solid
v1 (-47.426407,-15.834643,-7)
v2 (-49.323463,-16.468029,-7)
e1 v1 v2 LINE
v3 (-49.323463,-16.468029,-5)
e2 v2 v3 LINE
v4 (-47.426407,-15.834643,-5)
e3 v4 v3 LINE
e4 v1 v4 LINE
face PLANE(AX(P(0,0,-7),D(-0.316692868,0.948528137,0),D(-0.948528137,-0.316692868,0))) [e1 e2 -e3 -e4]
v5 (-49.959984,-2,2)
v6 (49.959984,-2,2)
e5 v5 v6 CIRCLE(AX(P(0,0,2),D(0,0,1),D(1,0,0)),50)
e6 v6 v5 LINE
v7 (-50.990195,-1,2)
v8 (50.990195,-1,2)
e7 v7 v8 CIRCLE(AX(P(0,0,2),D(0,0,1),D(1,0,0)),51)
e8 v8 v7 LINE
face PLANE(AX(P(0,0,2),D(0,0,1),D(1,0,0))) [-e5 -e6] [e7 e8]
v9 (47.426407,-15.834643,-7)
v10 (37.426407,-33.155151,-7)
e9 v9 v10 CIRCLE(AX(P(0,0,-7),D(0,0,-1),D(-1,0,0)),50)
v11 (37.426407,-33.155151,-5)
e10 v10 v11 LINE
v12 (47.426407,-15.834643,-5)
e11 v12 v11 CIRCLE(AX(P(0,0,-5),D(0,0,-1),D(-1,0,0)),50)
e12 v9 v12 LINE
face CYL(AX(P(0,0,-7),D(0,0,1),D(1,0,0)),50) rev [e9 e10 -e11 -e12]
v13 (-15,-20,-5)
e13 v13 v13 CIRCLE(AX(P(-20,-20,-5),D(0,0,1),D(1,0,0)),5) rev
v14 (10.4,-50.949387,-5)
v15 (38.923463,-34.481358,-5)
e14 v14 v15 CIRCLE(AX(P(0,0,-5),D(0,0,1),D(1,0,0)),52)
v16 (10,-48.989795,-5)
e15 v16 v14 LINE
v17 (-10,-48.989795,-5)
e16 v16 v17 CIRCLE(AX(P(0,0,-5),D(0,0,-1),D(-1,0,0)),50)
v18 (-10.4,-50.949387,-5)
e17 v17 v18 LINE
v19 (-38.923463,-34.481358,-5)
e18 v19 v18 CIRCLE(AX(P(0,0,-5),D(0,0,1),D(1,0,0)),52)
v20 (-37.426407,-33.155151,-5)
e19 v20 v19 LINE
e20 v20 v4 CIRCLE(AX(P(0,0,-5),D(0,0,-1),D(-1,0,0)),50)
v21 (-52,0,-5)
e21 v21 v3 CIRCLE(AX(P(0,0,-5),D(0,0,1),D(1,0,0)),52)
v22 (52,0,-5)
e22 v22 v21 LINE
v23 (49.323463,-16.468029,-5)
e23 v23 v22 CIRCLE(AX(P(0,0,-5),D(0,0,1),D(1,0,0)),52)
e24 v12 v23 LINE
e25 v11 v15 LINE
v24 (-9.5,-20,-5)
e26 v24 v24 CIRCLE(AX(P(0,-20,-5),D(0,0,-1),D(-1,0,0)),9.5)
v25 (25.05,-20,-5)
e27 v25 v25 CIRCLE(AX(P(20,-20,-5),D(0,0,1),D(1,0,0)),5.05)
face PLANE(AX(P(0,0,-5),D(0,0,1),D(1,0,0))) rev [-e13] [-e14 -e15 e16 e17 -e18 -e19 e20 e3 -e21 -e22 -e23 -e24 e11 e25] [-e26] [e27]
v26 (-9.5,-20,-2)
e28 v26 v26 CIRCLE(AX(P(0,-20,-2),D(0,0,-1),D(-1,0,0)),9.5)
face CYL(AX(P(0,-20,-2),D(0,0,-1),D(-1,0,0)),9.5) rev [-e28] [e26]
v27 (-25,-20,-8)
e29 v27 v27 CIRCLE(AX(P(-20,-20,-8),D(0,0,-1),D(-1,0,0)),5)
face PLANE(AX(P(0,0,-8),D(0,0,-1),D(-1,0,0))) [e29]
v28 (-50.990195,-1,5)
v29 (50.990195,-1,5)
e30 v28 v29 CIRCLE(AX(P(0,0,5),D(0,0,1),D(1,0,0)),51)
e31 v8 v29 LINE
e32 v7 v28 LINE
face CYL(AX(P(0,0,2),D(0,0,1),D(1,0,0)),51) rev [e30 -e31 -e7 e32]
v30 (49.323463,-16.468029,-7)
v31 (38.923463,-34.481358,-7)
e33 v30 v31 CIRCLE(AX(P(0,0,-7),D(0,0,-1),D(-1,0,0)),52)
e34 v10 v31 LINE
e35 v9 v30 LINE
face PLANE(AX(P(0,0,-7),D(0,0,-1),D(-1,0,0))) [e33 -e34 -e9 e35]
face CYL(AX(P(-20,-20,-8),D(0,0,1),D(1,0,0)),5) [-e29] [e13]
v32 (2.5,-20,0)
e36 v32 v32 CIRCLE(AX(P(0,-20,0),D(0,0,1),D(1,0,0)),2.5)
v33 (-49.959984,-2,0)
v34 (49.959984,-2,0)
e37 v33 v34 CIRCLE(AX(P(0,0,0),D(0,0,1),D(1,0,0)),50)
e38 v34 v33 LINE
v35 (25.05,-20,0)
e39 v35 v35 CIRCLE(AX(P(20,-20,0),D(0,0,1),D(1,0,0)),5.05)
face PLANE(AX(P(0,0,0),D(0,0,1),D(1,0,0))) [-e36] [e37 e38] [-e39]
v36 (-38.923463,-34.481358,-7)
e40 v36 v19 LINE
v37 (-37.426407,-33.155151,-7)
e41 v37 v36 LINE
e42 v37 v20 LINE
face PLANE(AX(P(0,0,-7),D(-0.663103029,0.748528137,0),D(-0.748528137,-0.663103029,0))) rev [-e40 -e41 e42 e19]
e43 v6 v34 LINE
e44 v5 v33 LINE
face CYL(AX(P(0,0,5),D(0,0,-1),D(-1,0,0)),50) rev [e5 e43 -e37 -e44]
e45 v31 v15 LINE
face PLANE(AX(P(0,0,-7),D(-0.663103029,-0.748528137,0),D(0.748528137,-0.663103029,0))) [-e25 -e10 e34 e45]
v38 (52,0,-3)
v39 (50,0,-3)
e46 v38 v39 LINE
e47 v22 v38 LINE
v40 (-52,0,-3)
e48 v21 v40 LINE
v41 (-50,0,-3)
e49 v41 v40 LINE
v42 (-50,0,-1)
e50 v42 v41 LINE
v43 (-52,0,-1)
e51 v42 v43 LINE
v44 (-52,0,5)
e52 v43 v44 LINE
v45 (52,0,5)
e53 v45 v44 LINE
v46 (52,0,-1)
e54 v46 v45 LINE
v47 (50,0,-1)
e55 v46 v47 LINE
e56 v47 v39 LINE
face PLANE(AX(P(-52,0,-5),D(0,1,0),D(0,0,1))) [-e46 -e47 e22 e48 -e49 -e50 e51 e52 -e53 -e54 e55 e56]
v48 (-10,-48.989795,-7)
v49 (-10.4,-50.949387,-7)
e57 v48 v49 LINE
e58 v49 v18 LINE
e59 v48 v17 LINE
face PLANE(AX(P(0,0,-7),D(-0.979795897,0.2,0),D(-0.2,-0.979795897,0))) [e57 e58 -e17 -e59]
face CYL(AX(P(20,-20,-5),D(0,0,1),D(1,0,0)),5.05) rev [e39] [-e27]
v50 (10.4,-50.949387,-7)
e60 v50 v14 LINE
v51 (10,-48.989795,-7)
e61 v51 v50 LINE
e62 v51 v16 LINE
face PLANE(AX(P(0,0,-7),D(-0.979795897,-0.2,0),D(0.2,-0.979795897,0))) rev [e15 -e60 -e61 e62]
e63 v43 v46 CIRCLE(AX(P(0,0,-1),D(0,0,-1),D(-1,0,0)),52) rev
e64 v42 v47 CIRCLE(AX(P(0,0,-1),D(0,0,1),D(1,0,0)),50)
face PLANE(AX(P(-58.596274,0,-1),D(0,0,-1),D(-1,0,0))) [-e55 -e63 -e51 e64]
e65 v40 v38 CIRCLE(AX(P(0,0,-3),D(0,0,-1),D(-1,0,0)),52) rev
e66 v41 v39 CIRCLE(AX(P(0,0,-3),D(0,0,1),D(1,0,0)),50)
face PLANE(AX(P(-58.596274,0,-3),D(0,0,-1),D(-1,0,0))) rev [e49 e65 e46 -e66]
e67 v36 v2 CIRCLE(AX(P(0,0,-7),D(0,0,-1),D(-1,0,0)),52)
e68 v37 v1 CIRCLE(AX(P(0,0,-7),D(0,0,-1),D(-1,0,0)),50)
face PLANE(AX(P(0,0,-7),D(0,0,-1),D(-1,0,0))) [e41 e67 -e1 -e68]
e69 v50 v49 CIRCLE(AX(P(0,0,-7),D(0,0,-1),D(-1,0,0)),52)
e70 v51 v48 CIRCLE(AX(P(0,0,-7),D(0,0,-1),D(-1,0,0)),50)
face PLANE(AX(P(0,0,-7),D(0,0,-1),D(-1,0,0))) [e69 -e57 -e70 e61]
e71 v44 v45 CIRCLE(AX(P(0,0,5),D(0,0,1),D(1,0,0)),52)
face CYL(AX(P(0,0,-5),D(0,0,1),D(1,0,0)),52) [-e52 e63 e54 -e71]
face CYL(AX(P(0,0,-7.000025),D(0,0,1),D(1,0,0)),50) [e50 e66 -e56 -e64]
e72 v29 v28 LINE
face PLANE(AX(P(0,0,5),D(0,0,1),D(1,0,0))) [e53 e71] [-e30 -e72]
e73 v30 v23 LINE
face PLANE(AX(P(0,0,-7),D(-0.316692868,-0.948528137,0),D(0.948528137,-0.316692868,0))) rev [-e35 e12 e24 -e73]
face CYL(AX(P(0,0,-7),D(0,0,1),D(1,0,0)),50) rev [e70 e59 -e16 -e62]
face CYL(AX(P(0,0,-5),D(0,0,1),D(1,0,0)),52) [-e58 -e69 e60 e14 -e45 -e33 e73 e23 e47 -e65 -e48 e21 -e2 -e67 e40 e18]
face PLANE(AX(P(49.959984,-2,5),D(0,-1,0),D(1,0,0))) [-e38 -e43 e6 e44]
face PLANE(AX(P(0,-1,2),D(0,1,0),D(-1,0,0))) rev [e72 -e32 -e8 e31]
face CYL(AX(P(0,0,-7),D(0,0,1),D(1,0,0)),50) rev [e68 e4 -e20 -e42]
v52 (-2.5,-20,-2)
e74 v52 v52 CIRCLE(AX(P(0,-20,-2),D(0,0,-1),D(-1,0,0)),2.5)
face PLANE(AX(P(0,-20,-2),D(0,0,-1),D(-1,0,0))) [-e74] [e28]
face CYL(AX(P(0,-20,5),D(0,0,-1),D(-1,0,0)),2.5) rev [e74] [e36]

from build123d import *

# Parameters (mm, degrees)
SKETCH1_R           = 5.05
BOSS_EXTRUDE1_DEPTH = 5
BOSS_EXTRUDE2_START = 5
BOSS_EXTRUDE2_DEPTH = 5
BOSS_EXTRUDE4_DEPTH = 2
CUT_EXTRUDE1_START  = -3
SKETCH6_R           = 9.5
SKETCH6_R_2         = 5.05
CUT_EXTRUDE1_DEPTH  = 3
SKETCH7_R           = 2.5
CUT_EXTRUDE2_DEPTH  = 74.87151007
SKETCH8_R           = 5
BOSS_EXTRUDE5_DEPTH = 3
CUT_EXTRUDE3_DEPTH  = 3
SKETCH10_W          = 8.596273884
SKETCH10_H          = 2
CUT_REVOLVE1_ANGLE  = 180


with BuildPart() as part:
    # Sketch1 → Boss-Extrude1 (new body)
    with BuildSketch(Plane.XY):
        with BuildLine():
            Line((-52, 0), (52, 0))
            ThreePointArc((52, 0), (0, -52), (-52, 0))
        make_face()
        with Locations((20, -20)):
            Circle(SKETCH1_R, mode=Mode.SUBTRACT)
    extrude(amount=-BOSS_EXTRUDE1_DEPTH)

    # Sketch2 → Boss-Extrude2 (add)
    with BuildSketch(Plane.XY.offset(BOSS_EXTRUDE2_START)):
        with BuildLine():
            Line((52, 0), (-52, 0))
            ThreePointArc((-52, 0), (0, -52), (52, 0))
        make_face()
        with BuildLine():
            Line((49.959983987, -2), (-49.959983987, -2))
            ThreePointArc((-49.959983987, -2), (0, -50), (49.959983987, -2))
        make_face(mode=Mode.SUBTRACT)
    extrude(amount=-BOSS_EXTRUDE2_DEPTH)

    # Sketch5 → Boss-Extrude4 (add)
    with BuildSketch(Plane(origin=(0, 0, -5), x_dir=(-1, 0, 0), z_dir=(0, 0, -1))):
        with BuildLine():
            ThreePointArc((-49.323463146, -16.468029126), (-45.033320997, -26), (-38.923463146, -34.481357524))
            Line((-38.923463146, -34.481357524), (-37.426406871, -33.155151466))
            ThreePointArc((-37.426406871, -33.155151466), (-43.301270189, -25), (-47.426406871, -15.83464339))
            Line((-47.426406871, -15.83464339), (-49.323463146, -16.468029126))
        make_face()
        with BuildLine():
            Line((10.4, -50.94938665), (10, -48.989794856))
            ThreePointArc((10, -48.989794856), (0, -50), (-10, -48.989794856))
            Line((-10, -48.989794856), (-10.4, -50.94938665))
            ThreePointArc((-10.4, -50.94938665), (0, -52), (10.4, -50.94938665))
        make_face()
        with BuildLine():
            Line((37.426406871, -33.155151466), (38.923463146, -34.481357524))
            ThreePointArc((38.923463146, -34.481357524), (45.033320997, -26), (49.323463146, -16.468029126))
            Line((49.323463146, -16.468029126), (47.426406871, -15.83464339))
            ThreePointArc((47.426406871, -15.83464339), (43.301270189, -25), (37.426406871, -33.155151466))
        make_face()
    extrude(amount=BOSS_EXTRUDE4_DEPTH)

    # Sketch6 → Cut-Extrude1 (cut)
    with BuildSketch(Plane(origin=(0, 0, -5), x_dir=(-1, 0, 0), z_dir=(0, 0, -1)).offset(CUT_EXTRUDE1_START)):
        with Locations((0, -20)):
            Circle(SKETCH6_R)
        with Locations(Location((-20, -20, 0), (0, 0, 180))):
            Circle(SKETCH6_R_2)
    extrude(amount=CUT_EXTRUDE1_DEPTH, mode=Mode.SUBTRACT)

    # Sketch7 → Cut-Extrude2 (cut, through all)
    with BuildSketch(Plane(origin=(0, 0, -2), x_dir=(-1, 0, 0), z_dir=(0, 0, -1))):
        with Locations((0, -20)):
            Circle(SKETCH7_R)
    extrude(amount=-CUT_EXTRUDE2_DEPTH, mode=Mode.SUBTRACT)

    # Sketch8 → Boss-Extrude5 (add)
    with BuildSketch(Plane(origin=(0, 0, -5), x_dir=(-1, 0, 0), z_dir=(0, 0, -1))):
        with Locations(Location((20, -20, 0), (0, 0, 180))):
            Circle(SKETCH8_R)
    extrude(amount=BOSS_EXTRUDE5_DEPTH)

    # Sketch9 → Cut-Extrude3 (cut)
    # profile 1 of 2: a face of its own
    with BuildSketch(Plane.XY.offset(5)):
        with BuildLine():
            Line((50.990195136, -1), (-50.990195136, -1))
            ThreePointArc((-50.990195136, -1), (0, -51), (50.990195136, -1))
        make_face()
        with BuildLine():
            ThreePointArc((49.959983987, -2), (0, -50), (-49.959983987, -2))
            Line((-49.959983987, -2), (49.959983987, -2))
        make_face(mode=Mode.SUBTRACT)
    # profile 2 of 2: a face of its own
    with BuildSketch(Plane.XY.offset(5)):
        with BuildLine():
            Line((-49.959983987, -2), (49.959983987, -2))
            ThreePointArc((49.959983987, -2), (0, -50), (-49.959983987, -2))
        make_face()
    extrude(amount=-CUT_EXTRUDE3_DEPTH, mode=Mode.SUBTRACT)

    # Sketch10 → Cut-Revolve1 (revolve, cut)
    with BuildSketch(Plane(origin=(0, 0, 0), x_dir=(1, 0, 0), z_dir=(0, 1, 0))):
        with Locations((54.298136942, 2)):
            Rectangle(SKETCH10_W, SKETCH10_H)
    revolve(axis=Axis((0, 0, -7.000025), (0, 0, -1)), revolution_arc=CUT_REVOLVE1_ANGLE, mode=Mode.SUBTRACT)


solid = part.part
